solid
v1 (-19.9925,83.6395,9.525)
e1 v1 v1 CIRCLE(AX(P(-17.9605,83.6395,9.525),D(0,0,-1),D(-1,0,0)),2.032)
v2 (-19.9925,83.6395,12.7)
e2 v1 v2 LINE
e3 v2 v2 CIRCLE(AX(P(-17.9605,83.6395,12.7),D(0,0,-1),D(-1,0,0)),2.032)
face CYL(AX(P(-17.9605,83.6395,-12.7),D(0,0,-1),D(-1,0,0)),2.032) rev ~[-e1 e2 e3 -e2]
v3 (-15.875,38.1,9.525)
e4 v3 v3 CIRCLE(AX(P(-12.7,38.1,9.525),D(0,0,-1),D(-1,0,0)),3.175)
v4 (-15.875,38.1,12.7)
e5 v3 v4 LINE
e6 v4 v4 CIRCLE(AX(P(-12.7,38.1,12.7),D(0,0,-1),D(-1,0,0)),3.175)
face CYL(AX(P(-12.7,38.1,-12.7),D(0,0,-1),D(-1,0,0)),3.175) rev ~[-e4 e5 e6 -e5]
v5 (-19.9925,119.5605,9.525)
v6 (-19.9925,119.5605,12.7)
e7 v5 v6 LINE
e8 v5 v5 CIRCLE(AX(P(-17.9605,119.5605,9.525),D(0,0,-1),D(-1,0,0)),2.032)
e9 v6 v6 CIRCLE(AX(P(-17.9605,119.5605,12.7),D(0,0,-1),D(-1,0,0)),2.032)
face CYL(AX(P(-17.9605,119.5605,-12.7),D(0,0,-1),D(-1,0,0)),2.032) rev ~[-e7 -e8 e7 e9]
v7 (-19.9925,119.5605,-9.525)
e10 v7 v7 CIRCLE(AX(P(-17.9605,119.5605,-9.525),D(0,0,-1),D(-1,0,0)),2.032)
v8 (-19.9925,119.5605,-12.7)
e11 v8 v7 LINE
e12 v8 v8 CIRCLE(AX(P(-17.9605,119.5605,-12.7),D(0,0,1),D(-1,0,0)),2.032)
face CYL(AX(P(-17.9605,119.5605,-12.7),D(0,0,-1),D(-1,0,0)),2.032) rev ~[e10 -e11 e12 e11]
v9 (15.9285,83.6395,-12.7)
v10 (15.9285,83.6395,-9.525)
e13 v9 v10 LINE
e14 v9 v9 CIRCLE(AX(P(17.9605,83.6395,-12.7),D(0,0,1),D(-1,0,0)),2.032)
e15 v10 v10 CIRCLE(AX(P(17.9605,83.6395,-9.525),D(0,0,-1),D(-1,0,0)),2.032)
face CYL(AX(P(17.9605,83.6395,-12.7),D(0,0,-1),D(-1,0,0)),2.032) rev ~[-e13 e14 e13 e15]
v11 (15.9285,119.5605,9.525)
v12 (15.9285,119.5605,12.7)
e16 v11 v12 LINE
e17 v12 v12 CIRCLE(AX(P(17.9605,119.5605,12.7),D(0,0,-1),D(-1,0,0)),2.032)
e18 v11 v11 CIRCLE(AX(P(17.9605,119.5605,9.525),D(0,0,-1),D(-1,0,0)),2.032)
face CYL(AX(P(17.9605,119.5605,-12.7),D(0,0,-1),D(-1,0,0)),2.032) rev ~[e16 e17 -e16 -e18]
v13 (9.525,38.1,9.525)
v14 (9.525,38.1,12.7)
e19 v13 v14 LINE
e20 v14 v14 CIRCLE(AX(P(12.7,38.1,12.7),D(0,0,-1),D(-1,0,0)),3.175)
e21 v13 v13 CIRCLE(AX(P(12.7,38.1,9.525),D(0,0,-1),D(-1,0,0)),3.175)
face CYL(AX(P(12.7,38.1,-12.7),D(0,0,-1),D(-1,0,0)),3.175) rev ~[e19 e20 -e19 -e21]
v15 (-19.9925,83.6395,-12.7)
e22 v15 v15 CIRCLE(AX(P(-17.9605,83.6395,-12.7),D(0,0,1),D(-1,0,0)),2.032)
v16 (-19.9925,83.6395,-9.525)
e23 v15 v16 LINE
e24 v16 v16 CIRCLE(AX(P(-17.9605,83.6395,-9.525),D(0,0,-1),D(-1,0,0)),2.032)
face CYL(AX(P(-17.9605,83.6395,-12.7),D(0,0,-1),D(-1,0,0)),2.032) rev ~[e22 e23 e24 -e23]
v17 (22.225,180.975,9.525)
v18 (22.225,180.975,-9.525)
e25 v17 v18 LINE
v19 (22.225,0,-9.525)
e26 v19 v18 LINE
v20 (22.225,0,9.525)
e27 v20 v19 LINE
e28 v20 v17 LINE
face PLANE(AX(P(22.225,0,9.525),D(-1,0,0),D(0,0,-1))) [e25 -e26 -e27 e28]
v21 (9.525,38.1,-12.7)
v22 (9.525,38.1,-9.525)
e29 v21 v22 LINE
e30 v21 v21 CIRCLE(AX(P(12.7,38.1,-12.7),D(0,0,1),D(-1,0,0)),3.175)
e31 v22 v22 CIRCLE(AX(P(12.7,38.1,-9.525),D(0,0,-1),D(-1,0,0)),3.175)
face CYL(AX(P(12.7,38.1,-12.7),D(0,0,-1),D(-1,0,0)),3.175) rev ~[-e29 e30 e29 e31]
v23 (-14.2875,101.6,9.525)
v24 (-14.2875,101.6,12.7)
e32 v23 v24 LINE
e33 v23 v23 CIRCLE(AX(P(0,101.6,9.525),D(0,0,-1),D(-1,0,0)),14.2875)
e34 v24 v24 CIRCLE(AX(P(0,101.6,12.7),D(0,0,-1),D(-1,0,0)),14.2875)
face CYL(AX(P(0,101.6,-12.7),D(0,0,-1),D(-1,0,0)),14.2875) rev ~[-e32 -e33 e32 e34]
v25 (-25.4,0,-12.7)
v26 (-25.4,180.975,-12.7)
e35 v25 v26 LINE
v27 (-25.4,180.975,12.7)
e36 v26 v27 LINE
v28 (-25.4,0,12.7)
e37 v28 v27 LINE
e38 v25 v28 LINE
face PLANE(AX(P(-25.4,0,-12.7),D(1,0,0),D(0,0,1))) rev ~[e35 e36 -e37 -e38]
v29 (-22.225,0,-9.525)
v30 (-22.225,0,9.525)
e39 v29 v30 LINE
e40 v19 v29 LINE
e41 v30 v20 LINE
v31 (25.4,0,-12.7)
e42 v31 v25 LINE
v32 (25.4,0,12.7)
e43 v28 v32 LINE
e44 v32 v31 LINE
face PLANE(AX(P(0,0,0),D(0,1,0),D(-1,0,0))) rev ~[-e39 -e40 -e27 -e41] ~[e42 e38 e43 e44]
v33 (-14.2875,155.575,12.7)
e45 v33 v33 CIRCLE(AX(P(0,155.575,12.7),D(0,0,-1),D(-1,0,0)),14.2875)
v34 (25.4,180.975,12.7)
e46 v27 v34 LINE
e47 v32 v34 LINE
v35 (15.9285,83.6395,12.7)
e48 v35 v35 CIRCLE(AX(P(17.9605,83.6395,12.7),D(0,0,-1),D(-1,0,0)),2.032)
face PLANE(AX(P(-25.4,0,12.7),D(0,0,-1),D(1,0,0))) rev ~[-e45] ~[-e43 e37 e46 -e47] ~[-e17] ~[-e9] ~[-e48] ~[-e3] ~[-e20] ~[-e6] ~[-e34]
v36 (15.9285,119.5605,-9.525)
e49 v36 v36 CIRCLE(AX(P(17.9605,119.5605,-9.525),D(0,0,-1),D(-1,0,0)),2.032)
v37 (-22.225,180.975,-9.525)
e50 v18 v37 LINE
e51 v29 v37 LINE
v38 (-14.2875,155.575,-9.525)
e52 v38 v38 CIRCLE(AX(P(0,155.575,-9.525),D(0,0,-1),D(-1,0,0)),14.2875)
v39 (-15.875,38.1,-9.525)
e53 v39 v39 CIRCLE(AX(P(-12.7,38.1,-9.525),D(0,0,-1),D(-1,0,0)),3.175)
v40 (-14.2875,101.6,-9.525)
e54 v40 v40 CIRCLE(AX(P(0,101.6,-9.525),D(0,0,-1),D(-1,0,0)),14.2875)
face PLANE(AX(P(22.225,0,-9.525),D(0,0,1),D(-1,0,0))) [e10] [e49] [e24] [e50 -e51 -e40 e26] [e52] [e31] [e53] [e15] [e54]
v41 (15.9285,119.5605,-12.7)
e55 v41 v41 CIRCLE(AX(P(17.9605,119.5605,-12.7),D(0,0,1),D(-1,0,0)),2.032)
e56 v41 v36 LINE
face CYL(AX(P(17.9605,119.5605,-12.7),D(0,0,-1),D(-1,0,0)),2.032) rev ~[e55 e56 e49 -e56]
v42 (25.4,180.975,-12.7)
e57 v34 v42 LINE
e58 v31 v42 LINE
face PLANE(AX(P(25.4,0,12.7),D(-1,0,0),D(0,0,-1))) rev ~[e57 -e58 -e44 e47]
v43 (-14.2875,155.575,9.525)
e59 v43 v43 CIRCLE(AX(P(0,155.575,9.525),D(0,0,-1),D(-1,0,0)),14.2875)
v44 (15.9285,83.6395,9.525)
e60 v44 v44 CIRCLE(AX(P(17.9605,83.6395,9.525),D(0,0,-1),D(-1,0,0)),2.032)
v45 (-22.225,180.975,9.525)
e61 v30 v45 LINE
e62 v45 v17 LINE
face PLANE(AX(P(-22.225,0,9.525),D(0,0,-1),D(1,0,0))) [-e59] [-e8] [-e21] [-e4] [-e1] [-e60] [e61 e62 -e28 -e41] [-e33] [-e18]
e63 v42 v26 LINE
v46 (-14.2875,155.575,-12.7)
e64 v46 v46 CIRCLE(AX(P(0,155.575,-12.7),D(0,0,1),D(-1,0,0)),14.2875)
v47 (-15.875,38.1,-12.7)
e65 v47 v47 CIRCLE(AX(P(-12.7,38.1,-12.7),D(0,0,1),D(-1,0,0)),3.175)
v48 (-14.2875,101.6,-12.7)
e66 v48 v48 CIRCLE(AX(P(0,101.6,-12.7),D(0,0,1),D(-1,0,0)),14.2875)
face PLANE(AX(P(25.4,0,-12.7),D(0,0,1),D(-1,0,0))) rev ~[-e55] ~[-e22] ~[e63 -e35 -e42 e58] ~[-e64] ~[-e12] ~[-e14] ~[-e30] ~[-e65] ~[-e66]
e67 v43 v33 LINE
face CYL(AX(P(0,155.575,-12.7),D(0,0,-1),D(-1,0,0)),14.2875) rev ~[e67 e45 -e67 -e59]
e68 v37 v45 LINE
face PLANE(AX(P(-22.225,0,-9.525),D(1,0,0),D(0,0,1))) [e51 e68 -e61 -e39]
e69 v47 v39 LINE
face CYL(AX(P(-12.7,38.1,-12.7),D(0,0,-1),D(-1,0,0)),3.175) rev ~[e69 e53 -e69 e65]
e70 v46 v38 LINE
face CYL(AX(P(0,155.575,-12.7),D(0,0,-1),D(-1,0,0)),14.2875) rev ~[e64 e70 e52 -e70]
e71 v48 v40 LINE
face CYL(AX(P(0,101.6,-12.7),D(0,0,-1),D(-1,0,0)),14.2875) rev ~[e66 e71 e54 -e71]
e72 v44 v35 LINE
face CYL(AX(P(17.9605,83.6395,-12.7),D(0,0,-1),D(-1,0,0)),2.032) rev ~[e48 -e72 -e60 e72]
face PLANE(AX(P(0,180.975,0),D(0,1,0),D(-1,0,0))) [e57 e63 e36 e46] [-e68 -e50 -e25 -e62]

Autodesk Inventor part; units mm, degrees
ref_plane "YZ Plane" through (0, 0, 0) normal (1, 0, 0) x (0, 1, 0)
ref_plane "XZ Plane" through (0, 0, 0) normal (0, 1, 0) x (-1, 0, 0)
ref_plane "XY Plane" through (0, 0, 0) normal (0, 0, 1) x (1, 0, 0)
sketch "Sketch1" plane through (0, 0, 0) normal (0, 1, 0) x (-1, 0, 0)
  line L0 (25.4, 12.7) -> (-25.4, 12.7)
  line L1 (-25.4, 12.7) -> (-25.4, -12.7)
  line L2 (-25.4, -12.7) -> (25.4, -12.7)
  line L3 (25.4, -12.7) -> (25.4, 12.7)
  line L4 (25.4, 12.7) -> (-25.4, -12.7) construction
  line L5 (-25.4, 12.7) -> (25.4, -12.7) construction
  line L6 (22.225, 9.525) -> (-22.225, 9.525)
  line L7 (-22.225, 9.525) -> (-22.225, -9.525)
  line L8 (-22.225, -9.525) -> (22.225, -9.525)
  line L9 (22.225, -9.525) -> (22.225, 9.525)
  line L10 (22.225, 9.525) -> (-22.225, -9.525) construction
  line L11 (-22.225, 9.525) -> (22.225, -9.525) construction
  point P0 (0, 0)
  dimension "d0" = 50.8
  dimension "d1" = 25.4
  dimension "d2" = 44.45
  dimension "d3" = 19.05
extrude "Extrusion1" add sketch "Sketch1" along normal blind 180.975
sketch "Sketch2" plane through (25.4, 0, -12.7) normal (0, 0, -1) x (-1, 0, 0)
  line L0 (50.8, 0) -> (50.8, 180.975) projected
  line L1 (0, 180.975) -> (50.8, 180.975) projected
  line L2 (0, 0) -> (0, 180.975) projected
  line L3 (25.4, 0) -> (63.5, 0) construction
  line L4 (25.4, 38.1) -> (50.8, 38.1)
  line L5 (50.8, 38.1) -> (0, 38.1)
  line L6 (0, 38.1) -> (12.7, 38.1)
  line L7 (0, 38.1) -> (12.7, 38.1) construction
  line L8 (12.7, 38.1) -> (38.1, 38.1)
  circle A0 centre (12.7, 38.1) radius 3.175
  circle A1 centre (38.1, 38.1) radius 3.175
  line L9 (25.4, 180.975) -> (25.4, 155.575)
  line L10 (25.4, 180.975) -> (50.8, 180.975) construction
  circle A2 centre (25.4, 155.575) radius 14.2875
  dimension "d6" = 38.1
  dimension "d8" = 12.7
  dimension "d9" = 0
  dimension "d10" = 25.4
  dimension "d11" = 180
  dimension "d12" = 6.35
  dimension "d13" = 6.35
  dimension "d14" = 25.4
  dimension "d15" = 90
  dimension "d16" = 28.575
extrude "Extrusion2" cut sketch "Sketch2" against normal blind 180.975 contours A2 | A1 L4 | L4 A1 | A0 L5 | L5 A0
sketch "Sketch3" plane through (25.4, 0, -12.7) normal (0, 0, -1) x (-1, 0, 0)
  line L0 (0, 0) -> (0, 180.975) projected
  line L1 (25.4, 0) -> (25.4, 101.6)
  line L2 (25.4, 0) -> (127, 0) construction
  circle A0 centre (25.4, 101.6) radius 14.2875
  line L3 (25.4, 101.6) -> (43.3605, 119.5605)
  line L4 (25.4, 101.6) -> (50.8, 101.6) construction
  line L5 (43.3605, 119.5605) -> (7.4395, 83.6395)
  line L6 (7.4395, 83.6395) -> (43.3605, 83.6395)
  line L7 (43.3605, 83.6395) -> (43.3605, 119.5605)
  line L8 (43.3605, 119.5605) -> (7.4395, 119.5605)
  line L9 (7.4395, 119.5605) -> (7.4395, 83.6395)
  circle A1 centre (7.4395, 119.5605) radius 2.032
  circle A2 centre (43.3605, 119.5605) radius 2.032
  circle A3 centre (43.3605, 83.6395) radius 2.032
  circle A4 centre (7.4395, 83.6395) radius 2.032
  dimension "d19" = 101.6
  dimension "d20" = 90
  dimension "d21" = 28.575
  dimension "d22" = 25.4
  dimension "d23" = 45
  dimension "d24" = 50.8
  dimension "d25" = 0
  dimension "d26" = 4.064
  dimension "d27" = 4.064
  dimension "d28" = 4.064
  dimension "d29" = 4.064
extrude "Extrusion3" cut sketch "Sketch3" against normal blind 180.975 contours A0 L5 L1 | L1 L3 A0 | A4 L9 L6 | L6 L5 A4 | A3 L7 L6 | L6 L7 A3 | L5 A0 L3 | L9 A4 L5 | A1 L8 L9 | L9 L8 A1 | A2 L3 L7 | L7 L8 A2 | A2 L8 L3
properties part number "Z-ArmStructure"
